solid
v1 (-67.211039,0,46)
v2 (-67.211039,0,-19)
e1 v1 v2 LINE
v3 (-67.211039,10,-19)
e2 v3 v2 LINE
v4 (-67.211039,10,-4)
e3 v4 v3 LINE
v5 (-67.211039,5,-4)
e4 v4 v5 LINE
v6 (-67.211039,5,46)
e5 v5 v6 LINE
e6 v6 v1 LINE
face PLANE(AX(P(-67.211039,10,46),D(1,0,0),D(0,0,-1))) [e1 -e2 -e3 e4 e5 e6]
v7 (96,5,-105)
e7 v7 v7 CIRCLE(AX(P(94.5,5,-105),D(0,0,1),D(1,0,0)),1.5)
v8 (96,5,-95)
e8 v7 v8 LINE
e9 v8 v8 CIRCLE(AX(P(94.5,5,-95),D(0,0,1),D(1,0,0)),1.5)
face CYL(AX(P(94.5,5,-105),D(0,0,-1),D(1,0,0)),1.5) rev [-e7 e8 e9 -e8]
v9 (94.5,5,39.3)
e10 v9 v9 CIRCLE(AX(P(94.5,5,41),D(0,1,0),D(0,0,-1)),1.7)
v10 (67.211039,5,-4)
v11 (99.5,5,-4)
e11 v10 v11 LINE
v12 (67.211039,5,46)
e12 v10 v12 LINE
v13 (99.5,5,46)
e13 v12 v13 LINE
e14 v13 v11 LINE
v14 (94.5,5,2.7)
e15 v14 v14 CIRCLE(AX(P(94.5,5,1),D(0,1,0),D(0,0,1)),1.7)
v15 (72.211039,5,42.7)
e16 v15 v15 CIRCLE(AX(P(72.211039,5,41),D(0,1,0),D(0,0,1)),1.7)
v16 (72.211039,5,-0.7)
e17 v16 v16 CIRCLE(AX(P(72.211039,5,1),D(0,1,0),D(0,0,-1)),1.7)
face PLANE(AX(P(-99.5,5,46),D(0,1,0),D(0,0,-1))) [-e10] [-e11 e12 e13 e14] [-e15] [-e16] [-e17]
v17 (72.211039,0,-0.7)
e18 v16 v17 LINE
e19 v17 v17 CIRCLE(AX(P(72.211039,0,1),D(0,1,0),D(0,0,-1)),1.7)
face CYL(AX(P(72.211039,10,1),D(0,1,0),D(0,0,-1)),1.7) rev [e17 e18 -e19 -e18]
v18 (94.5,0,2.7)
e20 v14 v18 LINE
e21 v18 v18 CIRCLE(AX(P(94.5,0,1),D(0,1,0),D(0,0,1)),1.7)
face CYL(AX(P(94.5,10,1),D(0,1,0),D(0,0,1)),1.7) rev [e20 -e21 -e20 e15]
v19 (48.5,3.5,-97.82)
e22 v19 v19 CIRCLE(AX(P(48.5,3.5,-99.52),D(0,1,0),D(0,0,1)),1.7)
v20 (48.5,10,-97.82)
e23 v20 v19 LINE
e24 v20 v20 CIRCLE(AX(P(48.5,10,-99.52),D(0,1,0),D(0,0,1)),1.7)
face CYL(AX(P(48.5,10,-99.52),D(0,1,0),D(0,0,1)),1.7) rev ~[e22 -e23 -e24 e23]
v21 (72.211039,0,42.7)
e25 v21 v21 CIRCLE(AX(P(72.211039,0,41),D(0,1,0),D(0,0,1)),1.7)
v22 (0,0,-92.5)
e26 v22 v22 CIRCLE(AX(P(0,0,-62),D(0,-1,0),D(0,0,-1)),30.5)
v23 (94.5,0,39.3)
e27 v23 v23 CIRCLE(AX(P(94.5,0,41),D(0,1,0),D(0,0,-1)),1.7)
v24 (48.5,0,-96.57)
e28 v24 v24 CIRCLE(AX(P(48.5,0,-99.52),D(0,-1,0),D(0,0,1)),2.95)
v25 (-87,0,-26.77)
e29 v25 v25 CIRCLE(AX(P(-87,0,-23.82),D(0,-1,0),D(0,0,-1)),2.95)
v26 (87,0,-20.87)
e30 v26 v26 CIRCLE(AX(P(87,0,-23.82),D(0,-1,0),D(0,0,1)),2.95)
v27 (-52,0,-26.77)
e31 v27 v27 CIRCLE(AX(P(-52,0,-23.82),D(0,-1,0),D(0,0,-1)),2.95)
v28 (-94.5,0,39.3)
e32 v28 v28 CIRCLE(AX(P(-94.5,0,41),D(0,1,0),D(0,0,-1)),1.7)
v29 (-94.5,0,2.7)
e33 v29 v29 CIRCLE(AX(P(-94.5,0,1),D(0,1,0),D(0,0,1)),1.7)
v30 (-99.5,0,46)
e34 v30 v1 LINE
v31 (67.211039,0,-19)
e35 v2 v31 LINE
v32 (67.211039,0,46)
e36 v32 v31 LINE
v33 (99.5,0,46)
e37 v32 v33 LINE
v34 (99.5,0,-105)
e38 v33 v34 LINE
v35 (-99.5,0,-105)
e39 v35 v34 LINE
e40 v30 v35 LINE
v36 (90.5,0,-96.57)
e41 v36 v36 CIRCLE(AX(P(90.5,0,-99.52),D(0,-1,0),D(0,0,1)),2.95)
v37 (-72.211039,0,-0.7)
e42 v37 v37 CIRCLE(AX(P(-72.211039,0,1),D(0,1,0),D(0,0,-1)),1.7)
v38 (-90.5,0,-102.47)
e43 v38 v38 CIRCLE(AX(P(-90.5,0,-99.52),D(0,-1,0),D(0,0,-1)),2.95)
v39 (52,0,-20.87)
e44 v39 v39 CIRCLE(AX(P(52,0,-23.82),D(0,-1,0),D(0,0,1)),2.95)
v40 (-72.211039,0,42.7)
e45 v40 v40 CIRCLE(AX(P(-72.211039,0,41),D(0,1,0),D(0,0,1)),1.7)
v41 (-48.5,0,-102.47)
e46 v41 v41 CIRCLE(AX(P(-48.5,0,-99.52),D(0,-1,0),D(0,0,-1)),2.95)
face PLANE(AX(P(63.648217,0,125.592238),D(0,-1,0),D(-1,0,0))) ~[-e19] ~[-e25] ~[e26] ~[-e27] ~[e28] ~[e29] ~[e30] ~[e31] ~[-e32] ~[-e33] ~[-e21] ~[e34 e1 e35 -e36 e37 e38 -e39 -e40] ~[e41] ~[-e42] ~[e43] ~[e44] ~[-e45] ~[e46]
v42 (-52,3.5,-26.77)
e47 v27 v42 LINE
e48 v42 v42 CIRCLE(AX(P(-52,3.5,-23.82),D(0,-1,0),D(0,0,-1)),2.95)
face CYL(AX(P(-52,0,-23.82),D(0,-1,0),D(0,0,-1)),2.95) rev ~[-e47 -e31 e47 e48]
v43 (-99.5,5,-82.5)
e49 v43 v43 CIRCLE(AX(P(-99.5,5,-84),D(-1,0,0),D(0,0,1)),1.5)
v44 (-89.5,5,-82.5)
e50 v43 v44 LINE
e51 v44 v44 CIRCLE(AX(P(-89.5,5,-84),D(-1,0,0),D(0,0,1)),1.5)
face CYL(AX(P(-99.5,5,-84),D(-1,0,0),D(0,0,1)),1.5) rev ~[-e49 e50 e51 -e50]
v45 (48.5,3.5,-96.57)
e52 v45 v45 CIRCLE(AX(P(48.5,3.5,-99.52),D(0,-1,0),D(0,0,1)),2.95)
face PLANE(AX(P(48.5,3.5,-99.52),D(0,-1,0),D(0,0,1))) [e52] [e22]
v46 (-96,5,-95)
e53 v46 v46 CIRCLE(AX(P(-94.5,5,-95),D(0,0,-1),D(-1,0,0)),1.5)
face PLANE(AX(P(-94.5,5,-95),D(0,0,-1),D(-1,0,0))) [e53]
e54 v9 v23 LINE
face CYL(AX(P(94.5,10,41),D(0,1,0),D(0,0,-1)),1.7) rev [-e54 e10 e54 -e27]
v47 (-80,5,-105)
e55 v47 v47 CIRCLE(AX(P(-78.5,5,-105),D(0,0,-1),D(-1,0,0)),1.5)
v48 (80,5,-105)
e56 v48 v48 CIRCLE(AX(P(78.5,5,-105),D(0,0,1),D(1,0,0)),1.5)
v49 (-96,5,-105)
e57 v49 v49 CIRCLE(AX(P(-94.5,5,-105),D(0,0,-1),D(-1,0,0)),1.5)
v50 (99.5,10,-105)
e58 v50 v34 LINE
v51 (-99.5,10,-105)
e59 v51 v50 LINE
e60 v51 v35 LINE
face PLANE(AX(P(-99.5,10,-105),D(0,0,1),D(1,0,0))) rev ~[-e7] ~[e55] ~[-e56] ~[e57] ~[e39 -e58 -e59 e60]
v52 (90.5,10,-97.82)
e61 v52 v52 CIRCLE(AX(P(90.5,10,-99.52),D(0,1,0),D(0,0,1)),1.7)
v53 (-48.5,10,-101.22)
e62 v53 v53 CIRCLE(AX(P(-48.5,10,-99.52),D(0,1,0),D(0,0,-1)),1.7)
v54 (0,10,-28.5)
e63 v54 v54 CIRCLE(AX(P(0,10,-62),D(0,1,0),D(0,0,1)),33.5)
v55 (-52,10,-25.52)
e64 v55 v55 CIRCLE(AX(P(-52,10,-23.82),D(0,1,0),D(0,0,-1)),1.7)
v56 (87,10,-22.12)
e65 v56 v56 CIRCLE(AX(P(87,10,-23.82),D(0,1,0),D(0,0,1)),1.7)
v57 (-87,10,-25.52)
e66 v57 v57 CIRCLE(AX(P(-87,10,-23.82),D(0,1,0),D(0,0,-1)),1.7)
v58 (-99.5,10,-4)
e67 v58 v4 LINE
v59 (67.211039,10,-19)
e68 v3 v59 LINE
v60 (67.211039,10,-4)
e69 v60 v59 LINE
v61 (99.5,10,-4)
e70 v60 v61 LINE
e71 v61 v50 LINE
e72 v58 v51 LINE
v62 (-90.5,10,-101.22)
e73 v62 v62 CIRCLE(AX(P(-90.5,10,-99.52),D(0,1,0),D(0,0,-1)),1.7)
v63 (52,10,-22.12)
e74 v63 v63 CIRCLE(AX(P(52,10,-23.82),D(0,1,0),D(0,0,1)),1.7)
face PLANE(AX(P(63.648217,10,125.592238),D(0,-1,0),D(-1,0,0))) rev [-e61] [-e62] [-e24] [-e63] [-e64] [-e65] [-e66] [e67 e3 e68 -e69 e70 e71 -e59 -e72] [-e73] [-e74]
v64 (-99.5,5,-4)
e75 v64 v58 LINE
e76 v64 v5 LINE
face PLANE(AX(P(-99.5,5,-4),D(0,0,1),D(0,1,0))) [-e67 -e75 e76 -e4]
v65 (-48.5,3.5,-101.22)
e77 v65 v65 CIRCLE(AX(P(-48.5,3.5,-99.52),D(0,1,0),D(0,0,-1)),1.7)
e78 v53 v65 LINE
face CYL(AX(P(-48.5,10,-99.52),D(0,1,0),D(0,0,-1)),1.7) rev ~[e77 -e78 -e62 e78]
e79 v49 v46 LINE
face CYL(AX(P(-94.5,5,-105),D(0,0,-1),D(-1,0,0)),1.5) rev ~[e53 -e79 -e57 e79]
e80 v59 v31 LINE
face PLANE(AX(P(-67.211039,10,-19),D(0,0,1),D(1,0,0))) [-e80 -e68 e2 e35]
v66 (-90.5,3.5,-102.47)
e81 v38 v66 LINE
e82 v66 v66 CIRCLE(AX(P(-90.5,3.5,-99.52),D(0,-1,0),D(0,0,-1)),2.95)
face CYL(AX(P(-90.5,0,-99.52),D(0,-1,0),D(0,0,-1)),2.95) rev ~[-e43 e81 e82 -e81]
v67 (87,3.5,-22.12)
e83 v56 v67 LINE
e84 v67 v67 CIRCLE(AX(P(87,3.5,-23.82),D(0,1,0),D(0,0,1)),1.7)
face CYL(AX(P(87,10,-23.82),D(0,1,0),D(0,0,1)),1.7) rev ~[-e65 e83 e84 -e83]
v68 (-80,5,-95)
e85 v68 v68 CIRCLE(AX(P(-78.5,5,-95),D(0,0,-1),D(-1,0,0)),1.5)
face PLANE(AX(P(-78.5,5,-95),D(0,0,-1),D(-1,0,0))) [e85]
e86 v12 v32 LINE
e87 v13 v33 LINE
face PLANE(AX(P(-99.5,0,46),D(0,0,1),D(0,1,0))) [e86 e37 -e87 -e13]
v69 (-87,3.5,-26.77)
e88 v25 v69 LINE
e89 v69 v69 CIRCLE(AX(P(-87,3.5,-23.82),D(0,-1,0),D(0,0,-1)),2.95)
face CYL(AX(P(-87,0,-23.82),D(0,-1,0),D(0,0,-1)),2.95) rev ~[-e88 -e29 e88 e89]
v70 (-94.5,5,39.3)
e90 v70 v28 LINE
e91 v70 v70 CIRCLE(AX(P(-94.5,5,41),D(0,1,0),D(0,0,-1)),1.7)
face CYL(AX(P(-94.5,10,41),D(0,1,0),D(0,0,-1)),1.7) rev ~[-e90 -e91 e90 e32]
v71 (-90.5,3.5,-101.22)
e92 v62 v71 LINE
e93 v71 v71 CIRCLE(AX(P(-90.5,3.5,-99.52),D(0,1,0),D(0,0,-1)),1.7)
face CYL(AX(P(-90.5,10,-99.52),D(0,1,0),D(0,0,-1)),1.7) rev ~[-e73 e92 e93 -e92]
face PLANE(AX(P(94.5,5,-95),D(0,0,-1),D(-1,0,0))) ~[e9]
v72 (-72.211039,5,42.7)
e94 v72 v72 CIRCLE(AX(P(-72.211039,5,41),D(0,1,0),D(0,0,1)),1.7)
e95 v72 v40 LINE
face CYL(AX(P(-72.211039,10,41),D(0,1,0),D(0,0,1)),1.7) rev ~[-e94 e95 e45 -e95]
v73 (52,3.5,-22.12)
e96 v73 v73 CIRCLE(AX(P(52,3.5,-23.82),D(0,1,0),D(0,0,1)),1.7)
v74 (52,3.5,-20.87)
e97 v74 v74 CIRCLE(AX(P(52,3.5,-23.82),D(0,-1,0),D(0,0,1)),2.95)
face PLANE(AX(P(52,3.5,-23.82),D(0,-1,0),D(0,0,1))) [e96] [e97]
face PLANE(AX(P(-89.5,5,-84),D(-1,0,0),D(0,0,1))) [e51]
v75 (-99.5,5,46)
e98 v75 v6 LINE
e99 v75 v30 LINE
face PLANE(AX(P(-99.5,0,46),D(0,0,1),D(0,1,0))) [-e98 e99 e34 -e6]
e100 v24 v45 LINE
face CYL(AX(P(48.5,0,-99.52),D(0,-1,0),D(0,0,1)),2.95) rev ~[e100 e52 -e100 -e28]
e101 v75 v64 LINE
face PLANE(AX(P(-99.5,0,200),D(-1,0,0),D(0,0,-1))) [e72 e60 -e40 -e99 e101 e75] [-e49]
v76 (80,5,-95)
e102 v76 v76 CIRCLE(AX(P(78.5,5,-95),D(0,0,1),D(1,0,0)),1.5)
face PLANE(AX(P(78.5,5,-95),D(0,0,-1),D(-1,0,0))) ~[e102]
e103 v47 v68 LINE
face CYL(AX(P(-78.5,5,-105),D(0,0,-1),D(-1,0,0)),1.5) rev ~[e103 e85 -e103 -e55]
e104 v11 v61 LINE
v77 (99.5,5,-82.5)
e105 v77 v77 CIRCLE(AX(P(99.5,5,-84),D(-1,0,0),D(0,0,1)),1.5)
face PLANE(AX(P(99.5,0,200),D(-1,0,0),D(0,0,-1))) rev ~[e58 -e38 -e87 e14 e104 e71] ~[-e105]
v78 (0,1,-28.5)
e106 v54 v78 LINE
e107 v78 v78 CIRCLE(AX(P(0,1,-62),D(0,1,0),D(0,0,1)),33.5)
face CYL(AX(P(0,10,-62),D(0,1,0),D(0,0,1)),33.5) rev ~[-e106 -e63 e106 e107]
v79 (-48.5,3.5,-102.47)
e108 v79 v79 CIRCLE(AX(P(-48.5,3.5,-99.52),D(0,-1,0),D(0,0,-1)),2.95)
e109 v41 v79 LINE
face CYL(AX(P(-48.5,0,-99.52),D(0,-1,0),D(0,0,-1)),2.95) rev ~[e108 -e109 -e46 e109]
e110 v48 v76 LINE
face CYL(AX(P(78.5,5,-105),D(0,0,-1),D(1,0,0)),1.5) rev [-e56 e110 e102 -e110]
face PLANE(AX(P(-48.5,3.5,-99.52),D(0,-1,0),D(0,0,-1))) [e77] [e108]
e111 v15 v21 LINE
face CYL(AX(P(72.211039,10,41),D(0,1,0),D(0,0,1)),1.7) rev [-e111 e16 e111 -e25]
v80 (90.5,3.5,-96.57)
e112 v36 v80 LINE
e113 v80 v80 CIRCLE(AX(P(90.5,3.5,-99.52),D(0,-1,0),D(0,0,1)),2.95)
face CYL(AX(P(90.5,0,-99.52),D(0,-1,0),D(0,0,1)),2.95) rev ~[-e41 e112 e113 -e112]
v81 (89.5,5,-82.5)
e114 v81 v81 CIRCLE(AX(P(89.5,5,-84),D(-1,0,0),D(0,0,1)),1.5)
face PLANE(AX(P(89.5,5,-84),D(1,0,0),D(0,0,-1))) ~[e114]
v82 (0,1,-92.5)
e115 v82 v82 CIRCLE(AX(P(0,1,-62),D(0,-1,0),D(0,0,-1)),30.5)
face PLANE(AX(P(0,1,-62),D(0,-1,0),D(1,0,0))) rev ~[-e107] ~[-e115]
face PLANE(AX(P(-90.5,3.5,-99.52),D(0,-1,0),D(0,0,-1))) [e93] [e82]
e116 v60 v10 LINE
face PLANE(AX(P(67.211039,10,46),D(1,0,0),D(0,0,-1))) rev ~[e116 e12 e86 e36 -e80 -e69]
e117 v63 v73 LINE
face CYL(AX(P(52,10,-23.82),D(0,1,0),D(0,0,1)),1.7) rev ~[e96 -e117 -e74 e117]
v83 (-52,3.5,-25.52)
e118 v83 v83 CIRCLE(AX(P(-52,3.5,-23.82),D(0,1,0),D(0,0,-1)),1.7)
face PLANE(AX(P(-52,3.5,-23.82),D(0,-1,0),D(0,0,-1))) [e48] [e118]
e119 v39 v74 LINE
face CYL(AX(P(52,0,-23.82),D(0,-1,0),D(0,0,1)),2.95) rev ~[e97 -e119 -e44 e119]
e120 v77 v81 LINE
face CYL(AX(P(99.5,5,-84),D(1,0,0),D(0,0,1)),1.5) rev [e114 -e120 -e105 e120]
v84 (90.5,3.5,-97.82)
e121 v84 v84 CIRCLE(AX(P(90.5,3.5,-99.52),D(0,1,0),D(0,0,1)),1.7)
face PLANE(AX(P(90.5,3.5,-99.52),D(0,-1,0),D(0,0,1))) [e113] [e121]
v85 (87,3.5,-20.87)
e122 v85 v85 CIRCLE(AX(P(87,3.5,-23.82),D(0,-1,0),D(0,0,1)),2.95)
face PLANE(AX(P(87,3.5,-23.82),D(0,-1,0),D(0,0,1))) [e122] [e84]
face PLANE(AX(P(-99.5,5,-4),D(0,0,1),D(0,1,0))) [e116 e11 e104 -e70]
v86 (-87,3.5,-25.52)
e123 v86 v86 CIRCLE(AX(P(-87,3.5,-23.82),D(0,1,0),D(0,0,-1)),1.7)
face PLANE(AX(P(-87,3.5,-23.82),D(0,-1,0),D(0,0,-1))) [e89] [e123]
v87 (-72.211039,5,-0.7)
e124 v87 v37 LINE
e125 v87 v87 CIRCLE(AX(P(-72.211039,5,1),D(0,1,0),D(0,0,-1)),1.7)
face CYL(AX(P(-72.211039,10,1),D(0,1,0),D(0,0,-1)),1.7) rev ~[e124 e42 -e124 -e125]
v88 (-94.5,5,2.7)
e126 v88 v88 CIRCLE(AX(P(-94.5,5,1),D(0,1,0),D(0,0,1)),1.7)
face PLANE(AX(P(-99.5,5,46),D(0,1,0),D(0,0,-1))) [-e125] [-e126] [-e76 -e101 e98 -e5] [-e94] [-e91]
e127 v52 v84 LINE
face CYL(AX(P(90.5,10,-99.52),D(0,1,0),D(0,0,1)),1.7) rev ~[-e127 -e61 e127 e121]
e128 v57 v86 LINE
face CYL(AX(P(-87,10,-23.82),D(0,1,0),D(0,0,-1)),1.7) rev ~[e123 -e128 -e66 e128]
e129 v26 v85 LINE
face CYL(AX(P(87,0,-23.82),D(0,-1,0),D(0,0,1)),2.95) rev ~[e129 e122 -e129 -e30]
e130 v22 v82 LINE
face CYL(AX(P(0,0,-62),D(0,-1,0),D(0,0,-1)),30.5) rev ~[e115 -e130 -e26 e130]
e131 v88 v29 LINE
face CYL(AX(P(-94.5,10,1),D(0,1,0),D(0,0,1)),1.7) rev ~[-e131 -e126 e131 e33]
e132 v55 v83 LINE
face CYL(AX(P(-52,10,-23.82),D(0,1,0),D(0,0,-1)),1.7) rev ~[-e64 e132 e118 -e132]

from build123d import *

# Parameters (mm, degrees)
SKIZZE1_W                        = 199
SKIZZE1_H                        = 400
AUFSATZ_LINEAR_AUSTRAGEN1_DEPTH  = 10
SKIZZE5_W                        = 199
SKIZZE5_H                        = 95
SCHNITT_LINEAR_AUSTRAGEN2_DEPTH  = 10
SKIZZE6_R                        = 1.7
SCHNITT_LINEAR_AUSTRAGEN3_DEPTH  = 224.607356766
SCHNITT_LINEAR_AUSTRAGEN4_DEPTH  = 4
SKIZZE16_W                       = 35
SKIZZE16_H                       = 7
SCHNITT_LINEAR_AUSTRAGEN10_DEPTH = 5
SCHNITT_LINEAR_AUSTRAGEN11_DEPTH = 35
SKIZZE20_R                       = 1.7
SCHNITT_LINEAR_AUSTRAGEN12_DEPTH = 224.607356766
SKIZZE21_W                       = 134.422077922
SKIZZE21_H                       = 65
SCHNITT_LINEAR_AUSTRAGEN13_DEPTH = 224.607356766
SCHNITT_LINEAR_AUSTRAGEN14_DEPTH = 224.607356766
AUFSATZ_LINEAR_AUSTRAGEN6_DEPTH  = 10
SKIZZE25_R                       = 1.7
SCHNITT_LINEAR_AUSTRAGEN15_DEPTH = 224.607356766
SCHNITT_LINEAR_AUSTRAGEN16_DEPTH = 283.313655355
SKIZZE27_R                       = 33.5
SCHNITT_LINEAR_AUSTRAGEN17_DEPTH = 146.000862066
SKIZZE28_R                       = 36.006256149
SKIZZE28_R_2                     = 30.5
AUFSATZ_LINEAR_AUSTRAGEN7_DEPTH  = 1
SKIZZE29_R                       = 1.5
SCHNITT_LINEAR_AUSTRAGEN18_DEPTH = 10
SKIZZE30_R                       = 1.5
SCHNITT_LINEAR_AUSTRAGEN19_DEPTH = 10
SKIZZE31_R                       = 2.95
SCHNITT_LINEAR_AUSTRAGEN20_DEPTH = 3.5


with BuildPart() as part:
    # Skizze1 → Aufsatz-Linear austragen1 (new body)
    with BuildSketch(Plane(origin=(0, 0, 0), x_dir=(1, 0, 0), z_dir=(0, 1, 0))):
        Rectangle(SKIZZE1_W, SKIZZE1_H)
    extrude(amount=AUFSATZ_LINEAR_AUSTRAGEN1_DEPTH)

    # Skizze5 → Schnitt-Linear austragen2 (cut)
    with BuildSketch(Plane(origin=(0, 10, 0), x_dir=(1, 0, 0), z_dir=(0, 1, 0))):
        Polygon((99.5, -200), (18, -200), (99.5, -46), align=None)
        Polygon((-18, -200), (-99.5, -46), (-99.5, -200), align=None)
        with Locations((0, 152.5)):
            Rectangle(SKIZZE5_W, SKIZZE5_H)
        Polygon((67.211038961, -46), (-67.211038961, -46), (-2.646103896, -168), (2.646103896, -168), align=None)
    extrude(amount=-SCHNITT_LINEAR_AUSTRAGEN2_DEPTH, mode=Mode.SUBTRACT)

    # Skizze6 → Schnitt-Linear austragen3 (cut, through all)
    with BuildSketch(Plane(origin=(0, 10, 0), x_dir=(1, 0, 0), z_dir=(0, 1, 0))):
        with Locations(Location((-11, -195, 0), (0, 0, 270))):
            Circle(SKIZZE6_R)
        with Locations(Location((-11, -178.18, 0), (0, 0, 90))):
            Circle(SKIZZE6_R)
        with Locations(Location((11, -195, 0), (0, 0, 90))):
            Circle(SKIZZE6_R)
        with Locations(Location((11, -178.18, 0), (0, 0, 270))):
            Circle(SKIZZE6_R)
    extrude(amount=-SCHNITT_LINEAR_AUSTRAGEN3_DEPTH, mode=Mode.SUBTRACT)

    # Skizze7 → Schnitt-Linear austragen4 (cut)
    with BuildSketch(Plane.XZ):
        Polygon((-11, 198.406366588), (-8.05, 196.703183294), (-8.05, 193.296816706), (-11, 191.593633412), (-13.95, 193.296816706), (-13.95, 196.703183294), align=None)
        Polygon((11, 198.406366588), (8.05, 196.703183294), (8.05, 193.296816706), (11, 191.593633412), (13.95, 193.296816706), (13.95, 196.703183294), align=None)
        Polygon((-8.05, 176.476816706), (-8.05, 179.883183294), (-11, 181.586366588), (-13.95, 179.883183294), (-13.95, 176.476816706), (-11, 174.773633412), align=None)
        Polygon((8.05, 176.476816706), (8.05, 179.883183294), (11, 181.586366588), (13.95, 179.883183294), (13.95, 176.476816706), (11, 174.773633412), align=None)
    extrude(amount=-SCHNITT_LINEAR_AUSTRAGEN4_DEPTH, mode=Mode.SUBTRACT)

    # Skizze16 → Schnitt-Linear austragen10 (cut)
    with BuildSketch(Plane.XZ):
        with Locations((0, 186.59)):
            Rectangle(SKIZZE16_W, SKIZZE16_H)
    extrude(amount=-SCHNITT_LINEAR_AUSTRAGEN10_DEPTH, mode=Mode.SUBTRACT)

    # Skizze17 → Schnitt-Linear austragen11 (cut)
    with BuildSketch(Plane.ZY.offset(-17.5)):
        Polygon((183.09, 5), (186.59, 8.5), (190.09, 5), align=None)
    extrude(amount=SCHNITT_LINEAR_AUSTRAGEN11_DEPTH, mode=Mode.SUBTRACT)

    # Skizze20 → Schnitt-Linear austragen12 (cut, through all)
    with BuildSketch(Plane(origin=(0, 10, 0), x_dir=(1, 0, 0), z_dir=(0, 1, 0))):
        with Locations(Location((90.5, 99.52, 0), (0, 0, 270))):
            Circle(SKIZZE20_R)
        with Locations(Location((48.5, 99.52, 0), (0, 0, 270))):
            Circle(SKIZZE20_R)
        with Locations(Location((-48.5, 99.52, 0), (0, 0, 90))):
            Circle(SKIZZE20_R)
        with Locations(Location((-90.5, 99.52, 0), (0, 0, 90))):
            Circle(SKIZZE20_R)
        with Locations(Location((87, 23.82, 0), (0, 0, 270))):
            Circle(SKIZZE20_R)
        with Locations(Location((52, 23.82, 0), (0, 0, 270))):
            Circle(SKIZZE20_R)
        with Locations(Location((-87, 23.82, 0), (0, 0, 90))):
            Circle(SKIZZE20_R)
        with Locations(Location((-52, 23.82, 0), (0, 0, 90))):
            Circle(SKIZZE20_R)
    extrude(amount=-SCHNITT_LINEAR_AUSTRAGEN12_DEPTH, mode=Mode.SUBTRACT)

    # Skizze21 → Schnitt-Linear austragen13 (cut, through all)
    with BuildSketch(Plane(origin=(0, 10, 0), x_dir=(1, 0, 0), z_dir=(0, 1, 0))):
        with Locations((0, -13.5)):
            Rectangle(SKIZZE21_W, SKIZZE21_H)
    extrude(amount=-SCHNITT_LINEAR_AUSTRAGEN13_DEPTH, mode=Mode.SUBTRACT)

    # Skizze22 → Schnitt-Linear austragen14 (cut, through all)
    with BuildSketch(Plane(origin=(0, 10, 0), x_dir=(1, 0, 0), z_dir=(0, 1, 0))):
        with BuildLine():
            Line((-67.211038961, -46), (-2.646103896, -168))
            ThreePointArc((-2.646103896, -168), (-52.825886854, -116.471631215), (-67.211038961, -46))
        make_face()
    schnitt_linear_austragen14 = extrude(amount=-SCHNITT_LINEAR_AUSTRAGEN14_DEPTH, mode=Mode.SUBTRACT)

    # Skizze23 → Aufsatz-Linear austragen6 (add)
    with BuildSketch(Plane(origin=(0, 10, 0), x_dir=(1, 0, 0), z_dir=(0, 1, 0))):
        with BuildLine():
            Line((-99.5, -46), (-18, -200))
            ThreePointArc((-18, -200), (-75.095260266, -131.650251374), (-99.5, -46))
        make_face()
    aufsatz_linear_austragen6 = extrude(amount=-AUFSATZ_LINEAR_AUSTRAGEN6_DEPTH)

    # Spiegeln2: Schnitt-Linear austragen14, Aufsatz-Linear austragen6 across plane
    add(schnitt_linear_austragen14.mirror(Plane(origin=(0, 0, 0), x_dir=(0, 0, 1), z_dir=(1, 0, 0))), mode=Mode.SUBTRACT)
    add(aufsatz_linear_austragen6.mirror(Plane(origin=(0, 0, 0), x_dir=(0, 0, 1), z_dir=(1, 0, 0))))

    # Skizze25 → Schnitt-Linear austragen15 (cut, through all)
    with BuildSketch(Plane(origin=(0, 10, 0), x_dir=(1, 0, 0), z_dir=(0, 1, 0))):
        with Locations(Location((-94.5, -1, 0), (0, 0, 270))):
            Circle(SKIZZE25_R)
        with Locations(Location((-72.211038961, -1, 0), (0, 0, 90))):
            Circle(SKIZZE25_R)
        with Locations(Location((-72.211038961, -41, 0), (0, 0, 270))):
            Circle(SKIZZE25_R)
        with Locations(Location((-94.5, -41, 0), (0, 0, 90))):
            Circle(SKIZZE25_R)
    schnitt_linear_austragen15 = extrude(amount=-SCHNITT_LINEAR_AUSTRAGEN15_DEPTH, mode=Mode.SUBTRACT)

    # Spiegeln3: Schnitt-Linear austragen15 across plane
    add(schnitt_linear_austragen15.mirror(Plane(origin=(0, 0, 0), x_dir=(0, 0, 1), z_dir=(1, 0, 0))), mode=Mode.SUBTRACT)

    # Skizze26 → Schnitt-Linear austragen16 (cut, through all)
    with BuildSketch(Plane.ZY.offset(99.5)):
        Polygon((-4, 5), (-4, 13.101486595), (200.684563047, 82.546277137), (242.997216492, -41.037631402), (91.241487897, -60.284782055), (46, 0), (46, 5), align=None)
    extrude(amount=-SCHNITT_LINEAR_AUSTRAGEN16_DEPTH, mode=Mode.SUBTRACT)

    # Skizze27 → Schnitt-Linear austragen17 (cut, through all)
    with BuildSketch(Plane(origin=(0, 10, 0), x_dir=(1, 0, 0), z_dir=(0, 1, 0))):
        with Locations(Location((0, 62, 0), (0, 0, 270))):
            Circle(SKIZZE27_R)
    extrude(amount=-SCHNITT_LINEAR_AUSTRAGEN17_DEPTH, mode=Mode.SUBTRACT)

    # Skizze28 → Aufsatz-Linear austragen7 (add)
    with BuildSketch(Plane.XZ):
        with Locations((0, -62)):
            Circle(SKIZZE28_R)
        with Locations(Location((0, -62, 0), (0, 0, 270))):
            Circle(SKIZZE28_R_2, mode=Mode.SUBTRACT)
    extrude(amount=-AUFSATZ_LINEAR_AUSTRAGEN7_DEPTH)

    # Skizze29 → Schnitt-Linear austragen18 (cut)
    with BuildSketch(Plane.ZY.offset(99.5)):
        with Locations((-84, 5)):
            Circle(SKIZZE29_R)
    schnitt_linear_austragen18 = extrude(amount=-SCHNITT_LINEAR_AUSTRAGEN18_DEPTH, mode=Mode.SUBTRACT)

    # Skizze30 → Schnitt-Linear austragen19 (cut)
    with BuildSketch(Plane(origin=(0, 0, -105), x_dir=(-1, 0, 0), z_dir=(0, 0, -1))):
        with Locations((94.5, 5)):
            Circle(SKIZZE30_R)
        with Locations((78.5, 5)):
            Circle(SKIZZE30_R)
    schnitt_linear_austragen19 = extrude(amount=-SCHNITT_LINEAR_AUSTRAGEN19_DEPTH, mode=Mode.SUBTRACT)

    # Spiegeln4: Schnitt-Linear austragen18, Schnitt-Linear austragen19 across plane
    add(schnitt_linear_austragen18.mirror(Plane(origin=(0, 0, 0), x_dir=(0, 0, 1), z_dir=(1, 0, 0))), mode=Mode.SUBTRACT)
    add(schnitt_linear_austragen19.mirror(Plane(origin=(0, 0, 0), x_dir=(0, 0, 1), z_dir=(1, 0, 0))), mode=Mode.SUBTRACT)

    # Skizze31 → Schnitt-Linear austragen20 (cut)
    with BuildSketch(Plane.XZ):
        with Locations(Location((-90.5, -99.52, 0), (0, 0, 270))):
            Circle(SKIZZE31_R)
        with Locations(Location((-48.5, -99.52, 0), (0, 0, 270))):
            Circle(SKIZZE31_R)
        with Locations(Location((-87, -23.82, 0), (0, 0, 270))):
            Circle(SKIZZE31_R)
        with Locations(Location((-52, -23.82, 0), (0, 0, 270))):
            Circle(SKIZZE31_R)
        with Locations(Location((52, -23.82, 0), (0, 0, 90))):
            Circle(SKIZZE31_R)
        with Locations(Location((87, -23.82, 0), (0, 0, 90))):
            Circle(SKIZZE31_R)
        with Locations(Location((48.5, -99.52, 0), (0, 0, 90))):
            Circle(SKIZZE31_R)
        with Locations(Location((90.5, -99.52, 0), (0, 0, 90))):
            Circle(SKIZZE31_R)
    extrude(amount=-SCHNITT_LINEAR_AUSTRAGEN20_DEPTH, mode=Mode.SUBTRACT)


solid = part.part
